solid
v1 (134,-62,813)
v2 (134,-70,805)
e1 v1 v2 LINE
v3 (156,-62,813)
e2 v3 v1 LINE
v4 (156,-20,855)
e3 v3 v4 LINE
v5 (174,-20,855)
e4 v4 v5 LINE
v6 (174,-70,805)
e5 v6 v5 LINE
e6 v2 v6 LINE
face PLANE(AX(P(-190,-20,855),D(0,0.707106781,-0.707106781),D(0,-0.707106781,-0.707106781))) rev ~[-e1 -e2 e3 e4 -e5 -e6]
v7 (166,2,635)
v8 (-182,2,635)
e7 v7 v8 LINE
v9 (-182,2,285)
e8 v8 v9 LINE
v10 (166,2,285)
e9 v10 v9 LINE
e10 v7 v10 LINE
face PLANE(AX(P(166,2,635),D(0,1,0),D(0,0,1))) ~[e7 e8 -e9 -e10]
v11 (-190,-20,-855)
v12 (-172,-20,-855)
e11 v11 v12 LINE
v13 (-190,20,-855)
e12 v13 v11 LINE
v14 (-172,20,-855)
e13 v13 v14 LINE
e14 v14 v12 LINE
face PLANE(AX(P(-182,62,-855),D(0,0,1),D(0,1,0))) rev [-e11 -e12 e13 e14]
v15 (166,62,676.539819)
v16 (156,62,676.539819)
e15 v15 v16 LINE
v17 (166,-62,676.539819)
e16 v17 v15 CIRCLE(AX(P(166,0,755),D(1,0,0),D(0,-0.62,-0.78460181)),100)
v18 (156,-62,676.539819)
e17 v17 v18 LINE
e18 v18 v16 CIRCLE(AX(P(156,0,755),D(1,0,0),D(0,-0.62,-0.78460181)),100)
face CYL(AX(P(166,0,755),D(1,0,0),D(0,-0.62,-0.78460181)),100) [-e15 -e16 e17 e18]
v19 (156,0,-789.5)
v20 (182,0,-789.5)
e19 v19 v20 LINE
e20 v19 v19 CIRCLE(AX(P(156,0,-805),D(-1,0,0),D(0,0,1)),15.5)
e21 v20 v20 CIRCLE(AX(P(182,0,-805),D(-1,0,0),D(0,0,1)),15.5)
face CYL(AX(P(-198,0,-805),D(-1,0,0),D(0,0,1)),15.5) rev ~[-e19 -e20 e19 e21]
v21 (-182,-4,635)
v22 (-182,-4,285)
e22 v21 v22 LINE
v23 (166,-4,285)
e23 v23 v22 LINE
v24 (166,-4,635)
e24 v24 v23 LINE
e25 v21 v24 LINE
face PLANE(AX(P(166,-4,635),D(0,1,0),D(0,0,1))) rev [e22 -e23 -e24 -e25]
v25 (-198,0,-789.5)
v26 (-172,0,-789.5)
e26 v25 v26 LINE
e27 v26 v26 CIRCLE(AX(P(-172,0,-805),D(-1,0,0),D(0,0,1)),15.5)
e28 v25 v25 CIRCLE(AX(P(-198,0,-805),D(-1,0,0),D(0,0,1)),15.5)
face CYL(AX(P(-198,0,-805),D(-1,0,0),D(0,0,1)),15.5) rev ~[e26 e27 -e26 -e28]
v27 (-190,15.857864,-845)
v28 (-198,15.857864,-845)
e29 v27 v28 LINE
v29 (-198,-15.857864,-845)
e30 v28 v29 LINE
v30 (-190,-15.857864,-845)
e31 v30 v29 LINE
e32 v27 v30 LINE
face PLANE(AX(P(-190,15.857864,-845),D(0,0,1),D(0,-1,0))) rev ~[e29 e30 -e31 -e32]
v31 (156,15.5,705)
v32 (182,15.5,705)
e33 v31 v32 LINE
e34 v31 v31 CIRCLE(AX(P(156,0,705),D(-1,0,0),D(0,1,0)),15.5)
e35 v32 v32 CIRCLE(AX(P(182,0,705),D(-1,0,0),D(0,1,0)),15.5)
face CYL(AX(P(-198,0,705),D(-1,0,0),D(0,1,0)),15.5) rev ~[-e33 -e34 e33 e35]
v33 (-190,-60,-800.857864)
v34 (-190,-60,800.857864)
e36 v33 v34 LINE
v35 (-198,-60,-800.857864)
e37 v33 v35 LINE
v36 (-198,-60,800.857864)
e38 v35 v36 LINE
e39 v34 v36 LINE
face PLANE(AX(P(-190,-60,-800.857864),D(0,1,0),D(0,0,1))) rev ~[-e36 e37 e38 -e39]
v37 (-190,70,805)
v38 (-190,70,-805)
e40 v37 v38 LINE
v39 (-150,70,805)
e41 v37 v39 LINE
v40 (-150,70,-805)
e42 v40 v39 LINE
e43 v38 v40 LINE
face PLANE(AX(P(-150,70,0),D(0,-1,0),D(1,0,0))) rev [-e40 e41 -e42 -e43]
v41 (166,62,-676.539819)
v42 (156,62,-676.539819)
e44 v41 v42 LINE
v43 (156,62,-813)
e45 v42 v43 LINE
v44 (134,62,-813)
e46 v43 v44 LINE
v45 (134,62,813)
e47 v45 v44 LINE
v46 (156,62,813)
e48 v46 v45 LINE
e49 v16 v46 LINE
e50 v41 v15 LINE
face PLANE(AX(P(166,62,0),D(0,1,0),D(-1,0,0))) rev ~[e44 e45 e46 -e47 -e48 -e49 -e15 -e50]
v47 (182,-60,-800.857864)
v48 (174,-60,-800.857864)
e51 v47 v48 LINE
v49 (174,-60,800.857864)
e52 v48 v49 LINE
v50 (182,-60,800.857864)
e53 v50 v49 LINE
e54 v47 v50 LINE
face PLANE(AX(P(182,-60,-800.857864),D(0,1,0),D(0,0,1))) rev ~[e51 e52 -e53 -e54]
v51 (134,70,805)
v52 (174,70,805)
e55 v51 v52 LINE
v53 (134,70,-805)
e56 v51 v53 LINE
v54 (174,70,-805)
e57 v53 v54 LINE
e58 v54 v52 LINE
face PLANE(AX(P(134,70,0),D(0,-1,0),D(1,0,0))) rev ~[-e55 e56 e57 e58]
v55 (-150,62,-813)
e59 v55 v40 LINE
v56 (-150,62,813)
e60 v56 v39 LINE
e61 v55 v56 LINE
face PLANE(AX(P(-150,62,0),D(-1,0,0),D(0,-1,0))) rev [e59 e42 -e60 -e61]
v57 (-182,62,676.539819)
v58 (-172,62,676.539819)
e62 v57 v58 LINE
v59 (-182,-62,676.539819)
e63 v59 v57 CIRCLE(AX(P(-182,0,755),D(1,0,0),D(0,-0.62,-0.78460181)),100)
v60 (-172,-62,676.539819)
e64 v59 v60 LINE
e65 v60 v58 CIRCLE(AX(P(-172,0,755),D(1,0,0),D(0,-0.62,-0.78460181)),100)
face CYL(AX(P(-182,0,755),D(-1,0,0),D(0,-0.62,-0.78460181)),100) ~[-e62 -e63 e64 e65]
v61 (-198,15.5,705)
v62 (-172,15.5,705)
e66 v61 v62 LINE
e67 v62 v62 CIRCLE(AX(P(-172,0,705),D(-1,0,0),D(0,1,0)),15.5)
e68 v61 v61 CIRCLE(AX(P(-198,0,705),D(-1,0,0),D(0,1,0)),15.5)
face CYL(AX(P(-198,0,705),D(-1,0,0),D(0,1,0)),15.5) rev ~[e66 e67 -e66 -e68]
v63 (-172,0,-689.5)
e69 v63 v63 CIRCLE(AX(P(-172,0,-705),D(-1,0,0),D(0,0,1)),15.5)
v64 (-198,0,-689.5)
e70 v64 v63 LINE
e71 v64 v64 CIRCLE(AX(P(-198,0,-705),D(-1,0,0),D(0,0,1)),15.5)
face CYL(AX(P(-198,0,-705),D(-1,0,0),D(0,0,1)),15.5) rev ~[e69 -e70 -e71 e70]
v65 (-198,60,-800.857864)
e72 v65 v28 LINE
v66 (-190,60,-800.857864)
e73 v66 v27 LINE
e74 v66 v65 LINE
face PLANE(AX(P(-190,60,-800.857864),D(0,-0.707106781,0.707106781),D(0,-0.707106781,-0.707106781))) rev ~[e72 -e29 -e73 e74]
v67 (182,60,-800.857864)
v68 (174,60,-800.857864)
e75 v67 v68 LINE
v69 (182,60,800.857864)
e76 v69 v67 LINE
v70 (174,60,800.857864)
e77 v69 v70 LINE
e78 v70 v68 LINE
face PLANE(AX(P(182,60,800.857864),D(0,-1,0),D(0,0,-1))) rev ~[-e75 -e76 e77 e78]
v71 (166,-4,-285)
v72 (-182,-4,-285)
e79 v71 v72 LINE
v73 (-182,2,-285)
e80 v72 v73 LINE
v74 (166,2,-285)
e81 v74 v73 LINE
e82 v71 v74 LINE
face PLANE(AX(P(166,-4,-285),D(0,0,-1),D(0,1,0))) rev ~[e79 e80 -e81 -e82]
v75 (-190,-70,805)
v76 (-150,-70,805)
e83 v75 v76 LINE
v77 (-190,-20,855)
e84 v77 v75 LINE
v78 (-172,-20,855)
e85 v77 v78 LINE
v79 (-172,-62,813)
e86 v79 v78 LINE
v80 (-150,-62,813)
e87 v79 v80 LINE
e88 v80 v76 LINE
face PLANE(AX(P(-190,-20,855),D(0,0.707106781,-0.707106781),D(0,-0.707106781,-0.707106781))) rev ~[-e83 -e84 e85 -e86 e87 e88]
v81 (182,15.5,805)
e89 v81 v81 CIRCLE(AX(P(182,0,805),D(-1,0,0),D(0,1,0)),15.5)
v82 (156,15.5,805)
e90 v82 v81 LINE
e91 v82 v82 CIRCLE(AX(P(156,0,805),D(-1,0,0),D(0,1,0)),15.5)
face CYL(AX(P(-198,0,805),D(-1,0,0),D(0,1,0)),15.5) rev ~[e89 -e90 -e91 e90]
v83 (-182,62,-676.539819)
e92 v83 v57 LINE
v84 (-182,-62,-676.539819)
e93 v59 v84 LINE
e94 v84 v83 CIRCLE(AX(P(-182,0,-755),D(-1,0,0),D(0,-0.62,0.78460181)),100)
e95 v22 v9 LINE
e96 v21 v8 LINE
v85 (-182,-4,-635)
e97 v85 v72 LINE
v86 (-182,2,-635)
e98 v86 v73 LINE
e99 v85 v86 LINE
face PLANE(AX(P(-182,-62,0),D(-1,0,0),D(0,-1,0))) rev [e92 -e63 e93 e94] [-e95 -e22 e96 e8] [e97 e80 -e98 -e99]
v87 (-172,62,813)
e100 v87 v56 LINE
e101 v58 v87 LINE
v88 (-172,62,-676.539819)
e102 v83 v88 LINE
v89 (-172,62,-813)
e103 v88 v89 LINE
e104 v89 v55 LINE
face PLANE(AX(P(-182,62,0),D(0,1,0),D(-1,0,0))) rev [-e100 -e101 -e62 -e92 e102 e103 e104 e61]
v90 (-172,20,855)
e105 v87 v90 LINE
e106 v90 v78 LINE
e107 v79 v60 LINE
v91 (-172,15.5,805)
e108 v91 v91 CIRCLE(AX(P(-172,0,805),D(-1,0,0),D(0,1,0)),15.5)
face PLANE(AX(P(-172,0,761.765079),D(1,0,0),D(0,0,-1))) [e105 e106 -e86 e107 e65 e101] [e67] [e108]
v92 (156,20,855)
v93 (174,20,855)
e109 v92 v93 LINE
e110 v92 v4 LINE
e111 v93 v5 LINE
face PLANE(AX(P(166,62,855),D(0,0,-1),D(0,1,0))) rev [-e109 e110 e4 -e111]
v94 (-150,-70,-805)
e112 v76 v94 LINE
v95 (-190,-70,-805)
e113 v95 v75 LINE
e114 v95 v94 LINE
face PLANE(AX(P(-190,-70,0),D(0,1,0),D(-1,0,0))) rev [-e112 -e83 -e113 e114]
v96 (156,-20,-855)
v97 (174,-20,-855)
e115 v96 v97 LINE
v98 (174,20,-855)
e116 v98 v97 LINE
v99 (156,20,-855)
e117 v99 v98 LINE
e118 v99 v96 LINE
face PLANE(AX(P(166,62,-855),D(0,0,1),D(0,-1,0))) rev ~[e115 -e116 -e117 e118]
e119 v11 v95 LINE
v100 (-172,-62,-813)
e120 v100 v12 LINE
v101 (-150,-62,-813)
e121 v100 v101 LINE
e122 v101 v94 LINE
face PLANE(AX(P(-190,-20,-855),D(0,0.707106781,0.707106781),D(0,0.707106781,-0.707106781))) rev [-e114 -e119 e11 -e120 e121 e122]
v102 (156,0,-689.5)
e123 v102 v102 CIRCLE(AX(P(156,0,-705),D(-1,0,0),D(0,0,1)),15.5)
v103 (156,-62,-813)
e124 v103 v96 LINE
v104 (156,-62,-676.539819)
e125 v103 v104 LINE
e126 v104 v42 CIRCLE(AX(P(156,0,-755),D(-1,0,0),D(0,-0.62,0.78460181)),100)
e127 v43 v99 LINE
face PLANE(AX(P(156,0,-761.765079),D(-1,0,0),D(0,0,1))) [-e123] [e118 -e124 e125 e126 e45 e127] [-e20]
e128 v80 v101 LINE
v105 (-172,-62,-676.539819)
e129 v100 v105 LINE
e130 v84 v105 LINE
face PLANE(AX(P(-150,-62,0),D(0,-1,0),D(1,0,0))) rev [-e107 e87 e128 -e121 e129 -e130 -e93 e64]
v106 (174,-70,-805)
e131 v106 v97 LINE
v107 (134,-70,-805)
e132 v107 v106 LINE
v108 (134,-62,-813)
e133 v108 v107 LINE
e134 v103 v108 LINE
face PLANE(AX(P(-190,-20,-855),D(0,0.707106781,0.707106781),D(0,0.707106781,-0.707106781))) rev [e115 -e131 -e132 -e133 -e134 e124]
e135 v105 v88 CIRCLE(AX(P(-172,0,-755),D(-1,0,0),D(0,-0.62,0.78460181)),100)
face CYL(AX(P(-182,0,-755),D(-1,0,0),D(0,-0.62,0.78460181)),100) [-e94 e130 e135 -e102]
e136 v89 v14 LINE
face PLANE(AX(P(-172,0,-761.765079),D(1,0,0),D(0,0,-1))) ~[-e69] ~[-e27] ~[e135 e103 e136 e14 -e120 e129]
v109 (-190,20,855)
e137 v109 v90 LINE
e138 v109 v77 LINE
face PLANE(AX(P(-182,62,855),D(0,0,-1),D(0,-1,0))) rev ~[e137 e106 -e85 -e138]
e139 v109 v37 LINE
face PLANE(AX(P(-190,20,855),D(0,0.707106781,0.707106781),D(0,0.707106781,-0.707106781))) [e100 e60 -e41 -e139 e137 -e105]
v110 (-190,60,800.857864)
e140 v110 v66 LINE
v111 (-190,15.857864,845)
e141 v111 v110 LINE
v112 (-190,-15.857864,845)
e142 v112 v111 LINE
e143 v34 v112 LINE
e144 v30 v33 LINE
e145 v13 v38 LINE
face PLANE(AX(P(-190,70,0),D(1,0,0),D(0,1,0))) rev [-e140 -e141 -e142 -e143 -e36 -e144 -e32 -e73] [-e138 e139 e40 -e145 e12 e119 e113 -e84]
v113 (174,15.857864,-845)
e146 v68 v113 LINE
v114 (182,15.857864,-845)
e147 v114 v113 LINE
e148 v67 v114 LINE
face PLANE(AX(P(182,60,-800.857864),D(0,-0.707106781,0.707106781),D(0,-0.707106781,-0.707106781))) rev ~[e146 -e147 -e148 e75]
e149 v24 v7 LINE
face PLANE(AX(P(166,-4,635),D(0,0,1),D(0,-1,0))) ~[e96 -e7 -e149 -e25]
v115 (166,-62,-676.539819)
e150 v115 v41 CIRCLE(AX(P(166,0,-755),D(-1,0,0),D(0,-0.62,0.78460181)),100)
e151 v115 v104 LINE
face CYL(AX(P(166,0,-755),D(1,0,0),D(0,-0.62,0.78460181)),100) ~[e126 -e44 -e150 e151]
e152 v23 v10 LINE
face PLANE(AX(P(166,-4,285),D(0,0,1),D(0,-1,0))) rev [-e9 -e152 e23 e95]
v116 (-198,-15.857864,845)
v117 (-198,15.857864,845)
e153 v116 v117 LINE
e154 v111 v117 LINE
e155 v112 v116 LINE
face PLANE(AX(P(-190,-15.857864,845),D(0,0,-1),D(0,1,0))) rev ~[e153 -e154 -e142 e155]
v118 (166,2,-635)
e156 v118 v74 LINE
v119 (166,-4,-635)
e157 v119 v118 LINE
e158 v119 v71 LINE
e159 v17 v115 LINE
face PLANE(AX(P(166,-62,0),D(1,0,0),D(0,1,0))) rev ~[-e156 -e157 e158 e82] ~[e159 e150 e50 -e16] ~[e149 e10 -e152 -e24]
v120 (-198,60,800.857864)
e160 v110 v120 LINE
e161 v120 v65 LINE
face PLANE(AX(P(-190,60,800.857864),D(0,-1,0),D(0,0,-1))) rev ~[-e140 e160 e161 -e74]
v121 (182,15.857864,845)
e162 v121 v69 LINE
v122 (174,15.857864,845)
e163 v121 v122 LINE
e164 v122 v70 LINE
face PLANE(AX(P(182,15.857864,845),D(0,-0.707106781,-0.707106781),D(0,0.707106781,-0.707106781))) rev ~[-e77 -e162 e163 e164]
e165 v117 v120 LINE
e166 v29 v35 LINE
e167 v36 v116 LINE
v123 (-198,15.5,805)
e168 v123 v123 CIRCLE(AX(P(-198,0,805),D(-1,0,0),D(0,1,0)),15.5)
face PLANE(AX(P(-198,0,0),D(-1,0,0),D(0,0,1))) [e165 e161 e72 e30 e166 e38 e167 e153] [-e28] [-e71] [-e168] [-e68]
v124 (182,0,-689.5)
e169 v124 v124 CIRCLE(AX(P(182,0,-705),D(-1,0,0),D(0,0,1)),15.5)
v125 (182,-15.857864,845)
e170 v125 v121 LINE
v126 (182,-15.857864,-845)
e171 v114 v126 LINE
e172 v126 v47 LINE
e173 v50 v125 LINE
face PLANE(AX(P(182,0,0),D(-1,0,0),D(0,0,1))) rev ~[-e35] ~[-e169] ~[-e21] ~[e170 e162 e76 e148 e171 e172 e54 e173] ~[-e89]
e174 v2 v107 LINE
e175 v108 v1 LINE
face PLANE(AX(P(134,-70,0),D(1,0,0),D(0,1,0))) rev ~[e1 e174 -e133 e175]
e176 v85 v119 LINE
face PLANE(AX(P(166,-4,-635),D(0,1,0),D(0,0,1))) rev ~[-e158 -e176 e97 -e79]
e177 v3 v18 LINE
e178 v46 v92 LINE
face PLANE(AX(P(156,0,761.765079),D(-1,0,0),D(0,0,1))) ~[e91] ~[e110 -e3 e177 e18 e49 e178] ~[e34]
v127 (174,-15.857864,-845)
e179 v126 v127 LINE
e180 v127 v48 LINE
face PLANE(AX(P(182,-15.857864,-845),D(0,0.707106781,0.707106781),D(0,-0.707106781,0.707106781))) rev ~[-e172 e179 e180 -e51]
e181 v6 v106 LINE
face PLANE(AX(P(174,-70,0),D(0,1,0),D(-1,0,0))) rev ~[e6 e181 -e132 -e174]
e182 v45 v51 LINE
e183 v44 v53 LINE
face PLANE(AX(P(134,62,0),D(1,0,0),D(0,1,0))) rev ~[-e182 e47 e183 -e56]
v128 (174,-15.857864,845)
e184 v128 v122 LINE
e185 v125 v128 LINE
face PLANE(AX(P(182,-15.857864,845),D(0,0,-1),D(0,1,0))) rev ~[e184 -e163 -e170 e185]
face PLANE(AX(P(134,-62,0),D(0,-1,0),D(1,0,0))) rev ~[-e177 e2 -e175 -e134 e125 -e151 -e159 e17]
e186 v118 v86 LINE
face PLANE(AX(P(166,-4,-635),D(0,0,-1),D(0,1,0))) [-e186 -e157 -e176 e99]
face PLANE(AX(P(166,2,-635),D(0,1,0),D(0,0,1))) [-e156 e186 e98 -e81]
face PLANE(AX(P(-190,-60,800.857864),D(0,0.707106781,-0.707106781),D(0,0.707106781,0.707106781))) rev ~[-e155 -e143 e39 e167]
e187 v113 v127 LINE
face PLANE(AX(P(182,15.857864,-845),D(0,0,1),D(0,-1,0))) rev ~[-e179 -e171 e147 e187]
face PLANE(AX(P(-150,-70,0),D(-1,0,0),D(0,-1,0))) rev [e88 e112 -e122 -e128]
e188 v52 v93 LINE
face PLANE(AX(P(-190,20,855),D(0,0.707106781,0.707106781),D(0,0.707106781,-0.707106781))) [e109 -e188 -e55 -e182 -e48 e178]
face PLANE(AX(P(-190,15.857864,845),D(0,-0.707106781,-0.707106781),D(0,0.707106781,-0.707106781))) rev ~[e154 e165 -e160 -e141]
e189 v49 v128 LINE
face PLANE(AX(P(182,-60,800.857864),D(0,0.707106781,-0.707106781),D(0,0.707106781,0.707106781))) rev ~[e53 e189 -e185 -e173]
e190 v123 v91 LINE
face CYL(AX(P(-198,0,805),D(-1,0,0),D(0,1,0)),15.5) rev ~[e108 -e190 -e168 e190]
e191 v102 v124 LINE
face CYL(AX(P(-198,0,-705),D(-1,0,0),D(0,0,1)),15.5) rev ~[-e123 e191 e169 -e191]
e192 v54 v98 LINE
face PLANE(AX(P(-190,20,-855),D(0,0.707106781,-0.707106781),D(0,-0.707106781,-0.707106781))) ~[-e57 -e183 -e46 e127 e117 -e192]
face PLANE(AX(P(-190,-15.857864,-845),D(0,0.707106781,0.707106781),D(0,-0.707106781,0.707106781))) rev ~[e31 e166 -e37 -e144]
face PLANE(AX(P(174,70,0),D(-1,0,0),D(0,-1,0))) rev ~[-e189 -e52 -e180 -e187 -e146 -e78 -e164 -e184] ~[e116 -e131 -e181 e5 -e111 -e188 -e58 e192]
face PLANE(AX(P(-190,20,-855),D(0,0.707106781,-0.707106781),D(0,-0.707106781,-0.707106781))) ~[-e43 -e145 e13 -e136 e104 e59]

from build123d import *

# Parameters (mm, degrees)
EXTRUDE_1_DEPTH        = 855
EXTRUDE_2_DEPTH        = 10
SKETCH_3_W             = 350
SKETCH_3_H             = 6
EXTRUDE_3_DEPTH        = 174
CUT_EXTRUDE_9_DEPTH    = 932.891088057
EXTRUDE_7_DEPTH        = 8
PATTERN_LINEAR_1_COUNT = 2
PATTERN_LINEAR_1_PITCH = 372
SKETCH_9_R             = 15.5
CUT_EXTRUDE_10_DEPTH   = 939.256361556


with BuildPart() as part:
    # 草图1 → 拉伸1 (new body)
    with BuildSketch(Plane.XY):
        Polygon((-150, 70), (-190, 70), (-190, -70), (-150, -70), (-150, -62), (-182, -62), (-182, 62), (-150, 62), align=None)
    extrude(amount=EXTRUDE_1_DEPTH)

    # 草图2 → 拉伸2 (add)
    with BuildSketch(Plane(origin=(-182, 0, 0), x_dir=(0, 0, -1), z_dir=(1, 0, 0))):
        with BuildLine():
            Line((-676.539819016, 62), (-855, 62))
            Line((-855, 62), (-855, -62))
            Line((-855, -62), (-676.539819016, -62))
            ThreePointArc((-676.539819016, -62), (-655, 0), (-676.539819016, 62))
        make_face()
    extrude(amount=EXTRUDE_2_DEPTH)

    # 草图3 → 拉伸3 (add)
    with BuildSketch(Plane(origin=(-182, 0, 0), x_dir=(0, 0, -1), z_dir=(1, 0, 0))):
        with Locations((-460, -1)):
            Rectangle(SKETCH_3_W, SKETCH_3_H)
    extrude(amount=EXTRUDE_3_DEPTH)

    # 镜向1: part across plane


with BuildPart() as part_1:
    add(part.part)
    add(part.part.mirror(Plane(origin=(-8, -4, 635), x_dir=(0, 0, 1), z_dir=(1, 0, 0))))

    # 草图8 → 拉伸9 (cut, through all)
    with BuildSketch(Plane.ZY.offset(190)):
        Polygon((805, 70), (855, 70), (855, 20), align=None)
        Polygon((855, -70), (855, -20), (805, -70), align=None)
    extrude(amount=-CUT_EXTRUDE_9_DEPTH, mode=Mode.SUBTRACT)

    # 镜向2: part across plane


with BuildPart() as part_2:
    add(part_1.part)
    add(part_1.part.mirror(Plane.XY))

    # 草图6 → 拉伸7 (add)
    with BuildSketch(Plane.ZY.offset(190)):
        Polygon((-800.857864376, 60), (-845, 15.857864376), (-845, -15.857864376), (-800.857864376, -60), (800.857864376, -60), (845, -15.857864376), (845, 15.857864376), (800.857864376, 60), align=None)
    extrude_7 = extrude(amount=EXTRUDE_7_DEPTH)

    # 阵列(线性)1: 拉伸7 ×2
    with Locations(*[(i * PATTERN_LINEAR_1_PITCH, 0, 0) for i in range(1, PATTERN_LINEAR_1_COUNT)]):
        add(extrude_7)

    # 草图9 → 拉伸10 (cut, through all)
    with BuildSketch(Plane.ZY.offset(198)):
        with Locations((-805, 0)):
            Circle(SKETCH_9_R)
        with Locations((-705, 0)):
            Circle(SKETCH_9_R)
        with Locations(Location((705, 0, 0), (0, 0, 90))):
            Circle(SKETCH_9_R)
        with Locations(Location((805, 0, 0), (0, 0, 90))):
            Circle(SKETCH_9_R)
    extrude(amount=-CUT_EXTRUDE_10_DEPTH, mode=Mode.SUBTRACT)


solid = part_2.part
